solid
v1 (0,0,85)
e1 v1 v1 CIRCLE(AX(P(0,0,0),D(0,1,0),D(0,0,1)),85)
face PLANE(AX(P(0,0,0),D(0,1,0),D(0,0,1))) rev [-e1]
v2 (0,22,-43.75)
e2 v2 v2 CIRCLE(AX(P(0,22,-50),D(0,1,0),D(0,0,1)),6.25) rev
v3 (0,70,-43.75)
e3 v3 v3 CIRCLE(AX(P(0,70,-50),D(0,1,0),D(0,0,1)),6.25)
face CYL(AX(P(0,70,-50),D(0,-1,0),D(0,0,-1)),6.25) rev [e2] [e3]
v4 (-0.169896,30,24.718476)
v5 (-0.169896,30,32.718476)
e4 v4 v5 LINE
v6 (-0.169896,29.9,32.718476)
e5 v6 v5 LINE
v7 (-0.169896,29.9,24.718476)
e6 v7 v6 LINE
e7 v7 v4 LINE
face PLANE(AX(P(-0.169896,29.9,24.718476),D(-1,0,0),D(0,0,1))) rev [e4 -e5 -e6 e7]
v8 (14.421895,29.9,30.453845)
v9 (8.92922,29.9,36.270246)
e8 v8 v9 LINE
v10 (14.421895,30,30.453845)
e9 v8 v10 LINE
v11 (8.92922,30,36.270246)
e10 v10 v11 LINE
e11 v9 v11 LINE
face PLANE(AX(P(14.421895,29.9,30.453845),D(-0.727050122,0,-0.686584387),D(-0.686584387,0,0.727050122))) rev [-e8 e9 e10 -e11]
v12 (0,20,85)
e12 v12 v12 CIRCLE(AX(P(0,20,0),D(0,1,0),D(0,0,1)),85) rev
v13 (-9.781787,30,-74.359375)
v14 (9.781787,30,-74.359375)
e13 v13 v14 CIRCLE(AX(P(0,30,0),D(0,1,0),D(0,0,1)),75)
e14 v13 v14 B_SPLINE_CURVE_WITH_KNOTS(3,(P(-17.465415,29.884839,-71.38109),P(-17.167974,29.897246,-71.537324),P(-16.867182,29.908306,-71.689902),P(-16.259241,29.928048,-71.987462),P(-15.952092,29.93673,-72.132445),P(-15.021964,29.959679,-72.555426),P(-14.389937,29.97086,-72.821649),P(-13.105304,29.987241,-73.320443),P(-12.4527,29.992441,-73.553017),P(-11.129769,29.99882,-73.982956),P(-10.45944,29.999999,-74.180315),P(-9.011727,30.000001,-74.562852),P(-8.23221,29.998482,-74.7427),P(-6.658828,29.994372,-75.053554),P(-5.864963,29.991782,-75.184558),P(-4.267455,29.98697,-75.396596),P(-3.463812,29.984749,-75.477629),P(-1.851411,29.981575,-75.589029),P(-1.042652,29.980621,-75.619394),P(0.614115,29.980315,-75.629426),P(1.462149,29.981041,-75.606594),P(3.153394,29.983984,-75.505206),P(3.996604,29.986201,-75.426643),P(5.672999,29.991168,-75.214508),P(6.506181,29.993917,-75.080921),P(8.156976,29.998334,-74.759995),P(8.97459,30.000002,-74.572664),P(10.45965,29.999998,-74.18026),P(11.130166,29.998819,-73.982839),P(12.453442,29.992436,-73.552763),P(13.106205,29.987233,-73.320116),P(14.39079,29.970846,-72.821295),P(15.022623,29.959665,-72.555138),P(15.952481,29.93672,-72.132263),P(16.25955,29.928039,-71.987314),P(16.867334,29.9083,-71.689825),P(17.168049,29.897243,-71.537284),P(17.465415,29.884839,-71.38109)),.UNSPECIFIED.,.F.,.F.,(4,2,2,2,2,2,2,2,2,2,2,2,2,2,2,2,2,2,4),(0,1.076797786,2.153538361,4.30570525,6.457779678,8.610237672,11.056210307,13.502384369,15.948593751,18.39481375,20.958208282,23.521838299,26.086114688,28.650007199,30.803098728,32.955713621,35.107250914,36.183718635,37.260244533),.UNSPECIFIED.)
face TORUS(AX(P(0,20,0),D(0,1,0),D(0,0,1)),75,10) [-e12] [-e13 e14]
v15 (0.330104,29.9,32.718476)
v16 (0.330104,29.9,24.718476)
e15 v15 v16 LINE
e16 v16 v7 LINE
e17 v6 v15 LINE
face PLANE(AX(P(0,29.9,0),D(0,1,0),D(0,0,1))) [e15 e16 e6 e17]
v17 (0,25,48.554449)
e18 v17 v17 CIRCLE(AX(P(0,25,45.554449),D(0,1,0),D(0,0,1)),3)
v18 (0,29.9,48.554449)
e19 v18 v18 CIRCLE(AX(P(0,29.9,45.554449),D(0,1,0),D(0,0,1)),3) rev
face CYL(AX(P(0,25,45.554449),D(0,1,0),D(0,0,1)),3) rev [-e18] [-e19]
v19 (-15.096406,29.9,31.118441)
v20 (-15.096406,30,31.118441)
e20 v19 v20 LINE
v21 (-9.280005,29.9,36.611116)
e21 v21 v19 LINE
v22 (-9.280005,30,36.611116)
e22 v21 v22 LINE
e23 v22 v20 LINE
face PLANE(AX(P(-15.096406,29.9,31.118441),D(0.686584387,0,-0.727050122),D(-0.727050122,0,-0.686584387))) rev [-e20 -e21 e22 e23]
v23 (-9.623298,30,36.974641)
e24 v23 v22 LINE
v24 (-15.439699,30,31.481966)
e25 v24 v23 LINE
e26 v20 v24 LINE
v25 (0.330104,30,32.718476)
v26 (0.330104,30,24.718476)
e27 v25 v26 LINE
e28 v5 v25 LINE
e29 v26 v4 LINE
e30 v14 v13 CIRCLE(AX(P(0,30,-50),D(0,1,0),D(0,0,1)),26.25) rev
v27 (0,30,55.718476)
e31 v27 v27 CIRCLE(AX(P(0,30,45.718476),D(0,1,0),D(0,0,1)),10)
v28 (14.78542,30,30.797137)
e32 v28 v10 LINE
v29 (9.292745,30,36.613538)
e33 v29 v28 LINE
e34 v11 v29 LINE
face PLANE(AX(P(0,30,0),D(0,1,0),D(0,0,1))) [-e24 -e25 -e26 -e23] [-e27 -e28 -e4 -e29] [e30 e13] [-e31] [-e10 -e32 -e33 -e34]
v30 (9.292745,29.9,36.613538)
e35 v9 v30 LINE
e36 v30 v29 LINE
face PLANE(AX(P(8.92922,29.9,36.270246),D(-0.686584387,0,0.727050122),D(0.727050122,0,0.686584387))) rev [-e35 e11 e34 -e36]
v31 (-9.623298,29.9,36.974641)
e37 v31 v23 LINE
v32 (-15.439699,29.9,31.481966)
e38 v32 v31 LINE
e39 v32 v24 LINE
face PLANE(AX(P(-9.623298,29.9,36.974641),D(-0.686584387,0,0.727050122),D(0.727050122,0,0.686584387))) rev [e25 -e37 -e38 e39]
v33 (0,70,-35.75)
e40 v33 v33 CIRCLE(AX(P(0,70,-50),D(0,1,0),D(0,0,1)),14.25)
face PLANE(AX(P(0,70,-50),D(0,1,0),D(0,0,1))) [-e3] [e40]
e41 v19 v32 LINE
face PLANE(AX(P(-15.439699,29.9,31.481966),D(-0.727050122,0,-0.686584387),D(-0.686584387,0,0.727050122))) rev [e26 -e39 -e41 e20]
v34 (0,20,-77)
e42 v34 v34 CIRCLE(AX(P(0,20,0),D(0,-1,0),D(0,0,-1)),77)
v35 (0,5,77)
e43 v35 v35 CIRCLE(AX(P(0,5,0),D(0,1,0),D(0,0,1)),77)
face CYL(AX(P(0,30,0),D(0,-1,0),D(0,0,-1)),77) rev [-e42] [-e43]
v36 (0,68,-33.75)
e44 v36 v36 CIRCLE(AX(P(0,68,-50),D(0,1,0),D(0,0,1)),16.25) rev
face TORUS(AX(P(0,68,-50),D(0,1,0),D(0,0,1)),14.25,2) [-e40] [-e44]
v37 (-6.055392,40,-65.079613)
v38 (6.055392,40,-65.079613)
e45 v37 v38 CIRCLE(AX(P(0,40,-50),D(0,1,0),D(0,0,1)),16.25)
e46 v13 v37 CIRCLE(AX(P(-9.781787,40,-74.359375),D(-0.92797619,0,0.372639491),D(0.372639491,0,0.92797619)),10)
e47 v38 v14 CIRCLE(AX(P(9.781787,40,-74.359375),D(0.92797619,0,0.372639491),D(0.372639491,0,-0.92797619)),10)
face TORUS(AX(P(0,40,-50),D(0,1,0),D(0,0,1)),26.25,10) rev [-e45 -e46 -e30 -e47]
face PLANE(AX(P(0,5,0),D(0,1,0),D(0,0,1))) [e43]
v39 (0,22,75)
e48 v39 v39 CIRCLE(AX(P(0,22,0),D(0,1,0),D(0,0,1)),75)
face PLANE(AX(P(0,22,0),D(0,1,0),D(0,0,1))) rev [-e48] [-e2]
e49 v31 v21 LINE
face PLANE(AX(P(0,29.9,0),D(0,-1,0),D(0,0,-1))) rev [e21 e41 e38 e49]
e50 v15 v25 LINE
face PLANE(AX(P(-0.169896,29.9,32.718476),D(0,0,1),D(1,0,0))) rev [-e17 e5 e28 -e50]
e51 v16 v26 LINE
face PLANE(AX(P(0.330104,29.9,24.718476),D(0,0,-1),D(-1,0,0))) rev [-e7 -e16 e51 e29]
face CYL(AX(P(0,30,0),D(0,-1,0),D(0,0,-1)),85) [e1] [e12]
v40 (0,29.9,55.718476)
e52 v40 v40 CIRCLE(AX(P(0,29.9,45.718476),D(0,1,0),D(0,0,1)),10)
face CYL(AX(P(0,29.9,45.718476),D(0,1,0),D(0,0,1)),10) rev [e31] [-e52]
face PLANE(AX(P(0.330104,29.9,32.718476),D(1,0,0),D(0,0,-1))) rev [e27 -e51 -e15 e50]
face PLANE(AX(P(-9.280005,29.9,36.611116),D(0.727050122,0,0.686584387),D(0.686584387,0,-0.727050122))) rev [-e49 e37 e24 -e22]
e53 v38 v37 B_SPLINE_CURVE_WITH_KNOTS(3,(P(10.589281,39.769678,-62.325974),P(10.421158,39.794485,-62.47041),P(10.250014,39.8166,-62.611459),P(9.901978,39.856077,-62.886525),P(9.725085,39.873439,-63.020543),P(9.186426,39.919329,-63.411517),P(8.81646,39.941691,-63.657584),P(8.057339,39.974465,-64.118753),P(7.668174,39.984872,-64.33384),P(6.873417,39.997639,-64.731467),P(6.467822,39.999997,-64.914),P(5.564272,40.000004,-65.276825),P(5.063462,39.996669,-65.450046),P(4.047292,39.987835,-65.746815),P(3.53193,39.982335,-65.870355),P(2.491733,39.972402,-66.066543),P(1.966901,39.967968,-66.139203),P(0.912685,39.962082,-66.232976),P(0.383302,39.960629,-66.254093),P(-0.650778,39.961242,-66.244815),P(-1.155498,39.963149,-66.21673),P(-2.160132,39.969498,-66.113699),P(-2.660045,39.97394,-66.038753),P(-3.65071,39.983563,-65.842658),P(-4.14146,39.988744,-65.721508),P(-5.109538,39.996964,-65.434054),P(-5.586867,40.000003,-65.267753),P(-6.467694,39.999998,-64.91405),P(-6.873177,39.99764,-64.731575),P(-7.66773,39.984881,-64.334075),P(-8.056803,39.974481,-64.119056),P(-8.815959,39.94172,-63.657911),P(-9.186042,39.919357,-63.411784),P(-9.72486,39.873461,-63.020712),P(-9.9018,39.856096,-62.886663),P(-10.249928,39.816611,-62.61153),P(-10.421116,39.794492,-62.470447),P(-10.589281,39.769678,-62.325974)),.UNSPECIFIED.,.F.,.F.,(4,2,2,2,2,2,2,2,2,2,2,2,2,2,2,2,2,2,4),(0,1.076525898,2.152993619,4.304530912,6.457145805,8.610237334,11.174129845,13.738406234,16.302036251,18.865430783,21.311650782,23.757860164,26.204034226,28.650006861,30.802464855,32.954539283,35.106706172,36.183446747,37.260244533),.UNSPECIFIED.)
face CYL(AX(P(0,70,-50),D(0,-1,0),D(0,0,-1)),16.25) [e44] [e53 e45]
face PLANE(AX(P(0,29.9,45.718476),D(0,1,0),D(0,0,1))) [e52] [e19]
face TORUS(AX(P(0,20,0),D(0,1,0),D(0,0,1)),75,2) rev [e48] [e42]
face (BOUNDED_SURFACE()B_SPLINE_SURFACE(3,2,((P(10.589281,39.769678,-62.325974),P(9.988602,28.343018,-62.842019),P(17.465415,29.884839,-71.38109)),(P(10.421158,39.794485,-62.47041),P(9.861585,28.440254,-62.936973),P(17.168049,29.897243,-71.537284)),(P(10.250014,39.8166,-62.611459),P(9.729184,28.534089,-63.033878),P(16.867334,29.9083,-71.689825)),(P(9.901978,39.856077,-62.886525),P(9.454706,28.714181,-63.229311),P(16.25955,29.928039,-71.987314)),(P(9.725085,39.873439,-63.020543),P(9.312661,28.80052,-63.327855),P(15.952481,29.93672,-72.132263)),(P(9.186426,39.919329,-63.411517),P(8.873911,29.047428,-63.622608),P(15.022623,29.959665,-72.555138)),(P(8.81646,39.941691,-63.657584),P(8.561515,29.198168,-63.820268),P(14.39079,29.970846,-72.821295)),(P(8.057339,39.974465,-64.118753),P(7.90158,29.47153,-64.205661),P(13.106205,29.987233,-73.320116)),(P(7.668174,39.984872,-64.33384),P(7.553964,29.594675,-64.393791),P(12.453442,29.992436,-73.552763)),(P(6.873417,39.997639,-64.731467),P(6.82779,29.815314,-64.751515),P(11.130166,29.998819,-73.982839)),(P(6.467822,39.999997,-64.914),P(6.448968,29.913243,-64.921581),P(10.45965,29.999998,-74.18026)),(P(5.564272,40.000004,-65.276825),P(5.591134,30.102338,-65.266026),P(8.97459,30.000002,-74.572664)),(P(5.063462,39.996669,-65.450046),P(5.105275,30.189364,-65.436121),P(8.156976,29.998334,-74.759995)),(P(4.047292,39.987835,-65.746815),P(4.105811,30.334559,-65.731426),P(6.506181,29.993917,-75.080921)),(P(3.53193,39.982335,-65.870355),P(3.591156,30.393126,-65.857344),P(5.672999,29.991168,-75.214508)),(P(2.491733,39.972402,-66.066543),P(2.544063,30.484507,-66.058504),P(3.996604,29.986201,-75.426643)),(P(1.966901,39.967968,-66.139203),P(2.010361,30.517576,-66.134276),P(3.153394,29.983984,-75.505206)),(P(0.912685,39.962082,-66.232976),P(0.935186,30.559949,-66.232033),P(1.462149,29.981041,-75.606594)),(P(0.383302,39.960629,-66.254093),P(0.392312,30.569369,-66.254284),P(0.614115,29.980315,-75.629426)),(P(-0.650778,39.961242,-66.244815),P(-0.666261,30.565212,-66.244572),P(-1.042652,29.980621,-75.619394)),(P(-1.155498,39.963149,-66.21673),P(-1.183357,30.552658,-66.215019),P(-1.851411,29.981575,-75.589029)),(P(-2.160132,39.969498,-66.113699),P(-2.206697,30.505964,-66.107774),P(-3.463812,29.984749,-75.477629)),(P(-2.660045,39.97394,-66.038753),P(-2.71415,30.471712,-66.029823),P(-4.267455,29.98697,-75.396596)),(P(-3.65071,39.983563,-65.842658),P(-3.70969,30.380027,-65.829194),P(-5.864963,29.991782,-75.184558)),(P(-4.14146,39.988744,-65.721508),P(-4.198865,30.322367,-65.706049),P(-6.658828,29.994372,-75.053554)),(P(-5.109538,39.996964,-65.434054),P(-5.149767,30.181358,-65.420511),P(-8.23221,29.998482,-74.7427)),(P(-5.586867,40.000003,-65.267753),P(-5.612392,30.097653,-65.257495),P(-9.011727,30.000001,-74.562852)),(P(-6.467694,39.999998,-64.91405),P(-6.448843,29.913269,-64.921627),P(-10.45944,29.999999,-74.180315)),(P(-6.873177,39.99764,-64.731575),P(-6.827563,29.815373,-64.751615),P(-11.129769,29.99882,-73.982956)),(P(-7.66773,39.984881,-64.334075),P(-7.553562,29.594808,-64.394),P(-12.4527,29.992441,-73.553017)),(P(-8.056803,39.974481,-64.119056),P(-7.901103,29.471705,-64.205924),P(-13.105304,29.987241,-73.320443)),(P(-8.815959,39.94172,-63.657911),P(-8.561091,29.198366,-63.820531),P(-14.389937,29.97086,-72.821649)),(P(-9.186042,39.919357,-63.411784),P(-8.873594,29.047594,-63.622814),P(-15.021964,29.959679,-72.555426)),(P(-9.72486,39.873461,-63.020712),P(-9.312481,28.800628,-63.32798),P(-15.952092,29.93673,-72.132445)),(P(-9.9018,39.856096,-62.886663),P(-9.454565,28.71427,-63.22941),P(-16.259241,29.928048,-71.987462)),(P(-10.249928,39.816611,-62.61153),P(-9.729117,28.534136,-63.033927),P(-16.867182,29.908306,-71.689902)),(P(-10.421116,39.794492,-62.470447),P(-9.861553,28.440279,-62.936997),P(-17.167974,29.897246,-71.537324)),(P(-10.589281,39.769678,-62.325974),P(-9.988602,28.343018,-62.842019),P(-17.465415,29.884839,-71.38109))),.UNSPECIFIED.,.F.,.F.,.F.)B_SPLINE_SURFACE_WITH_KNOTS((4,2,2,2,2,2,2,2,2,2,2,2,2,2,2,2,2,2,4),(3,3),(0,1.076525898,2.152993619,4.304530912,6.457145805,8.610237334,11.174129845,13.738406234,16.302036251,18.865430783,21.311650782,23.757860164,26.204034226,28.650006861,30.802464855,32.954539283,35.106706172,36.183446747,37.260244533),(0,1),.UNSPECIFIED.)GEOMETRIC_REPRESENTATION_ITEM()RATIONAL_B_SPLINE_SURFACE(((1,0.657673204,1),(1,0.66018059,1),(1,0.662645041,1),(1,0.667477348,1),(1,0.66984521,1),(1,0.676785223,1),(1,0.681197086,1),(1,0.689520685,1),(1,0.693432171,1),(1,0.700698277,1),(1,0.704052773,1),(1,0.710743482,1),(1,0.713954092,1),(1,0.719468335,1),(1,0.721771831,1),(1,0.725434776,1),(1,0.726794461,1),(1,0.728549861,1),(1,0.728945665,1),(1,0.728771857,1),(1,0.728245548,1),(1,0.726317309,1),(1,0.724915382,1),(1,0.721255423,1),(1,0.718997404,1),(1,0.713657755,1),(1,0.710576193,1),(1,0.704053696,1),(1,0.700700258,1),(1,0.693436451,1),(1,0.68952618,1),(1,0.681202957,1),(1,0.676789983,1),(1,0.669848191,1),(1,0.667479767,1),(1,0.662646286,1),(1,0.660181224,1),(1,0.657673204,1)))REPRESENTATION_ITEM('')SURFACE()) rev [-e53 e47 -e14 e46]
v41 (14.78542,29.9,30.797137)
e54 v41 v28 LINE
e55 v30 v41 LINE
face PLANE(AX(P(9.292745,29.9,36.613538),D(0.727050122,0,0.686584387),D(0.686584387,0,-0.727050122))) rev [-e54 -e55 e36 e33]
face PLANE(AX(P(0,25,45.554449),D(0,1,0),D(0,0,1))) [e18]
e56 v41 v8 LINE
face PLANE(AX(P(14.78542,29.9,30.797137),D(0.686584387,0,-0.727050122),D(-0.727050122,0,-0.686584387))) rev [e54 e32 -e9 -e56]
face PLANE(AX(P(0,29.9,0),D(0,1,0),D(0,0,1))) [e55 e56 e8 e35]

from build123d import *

# Parameters (mm, degrees)
SKETCH1_R           = 85
BOSS_EXTRUDE1_DEPTH = 30
FILLET1_R           = 10
SHELL1_T            = -8
SKETCH1_2_R         = 85
BOSS_EXTRUDE3_DEPTH = 5
SKETCH2_R           = 16.25
SKETCH2_R_2         = 6.25
BOSS_EXTRUDE2_DEPTH = 40
CUT_EXTRUDE1_REACH  = 128.689
SKETCH2_3_R         = 6.25
FILLET2_R           = 10
FILLET3_R           = 2
SKETCH3_R           = 3
CUT_EXTRUDE2_DEPTH  = 5
SKETCH4_R           = 10
SKETCH4_W           = 0.5
SKETCH4_H           = 8
CUT_EXTRUDE3_DEPTH  = 0.1


with BuildPart() as part:
    # Sketch1 → Boss-Extrude1 (new body)
    with BuildSketch(Plane(origin=(0, 0, 0), x_dir=(1, 0, 0), z_dir=(0, 1, 0))):
        Circle(SKETCH1_R)
    extrude(amount=BOSS_EXTRUDE1_DEPTH)

    # Fillet1
    fillet1_edges = [part.edges().sort_by_distance(p)[0] for p in [
        (-85, 30, 0),
    ]]
    fillet(fillet1_edges, radius=FILLET1_R)

    # Shell1
    shell1_openings = [part.faces().sort_by_distance(p)[0] for p in [
        (0, 0, 0),
    ]]
    offset(amount=SHELL1_T, openings=shell1_openings, kind=Kind.INTERSECTION)

    # Sketch1<2> → Boss-Extrude3 (add)
    with BuildSketch(Plane(origin=(0, 0, 0), x_dir=(1, 0, 0), z_dir=(0, 1, 0))):
        Circle(SKETCH1_2_R)
    extrude(amount=BOSS_EXTRUDE3_DEPTH)

    # Sketch2 → Boss-Extrude2 (add)
    with BuildSketch(Plane(origin=(0, 30, 0), x_dir=(1, 0, 0), z_dir=(0, 1, 0))):
        with Locations((0, 50)):
            Circle(SKETCH2_R)
        with Locations((0, 50)):
            Circle(SKETCH2_R_2, mode=Mode.SUBTRACT)
    extrude(amount=BOSS_EXTRUDE2_DEPTH)

    # Sketch2<3> → Cut-Extrude1 (cut, up to next)
    with BuildSketch(Plane(origin=(0, 30, 0), x_dir=(1, 0, 0), z_dir=(0, 1, 0)), mode=Mode.PRIVATE) as cut_extrude1_sk1:
        with Locations((0, 50)):
            Circle(SKETCH2_3_R)
    cut_extrude1_tool1 = extrude(cut_extrude1_sk1.sketch, amount=-CUT_EXTRUDE1_REACH, mode=Mode.PRIVATE) & part.part
    add(cut_extrude1_tool1.solids().sort_by_distance((0, 30, -50))[0], mode=Mode.SUBTRACT)

    # Fillet2
    fillet2_edges = [part.edges().sort_by_distance(p)[0] for p in [
        (-16.25, 30, -50),
    ]]
    fillet(fillet2_edges, radius=FILLET2_R)

    # Fillet3
    fillet3_edges = [part.edges().sort_by_distance(p)[0] for p in [
        (-16.25, 70, -50),
    ]]
    fillet(fillet3_edges, radius=FILLET3_R)

    # Sketch3 → Cut-Extrude2 (cut)
    with BuildSketch(Plane(origin=(0, 30, 0), x_dir=(1, 0, 0), z_dir=(0, 1, 0))):
        with Locations((0, -45.554448546)):
            Circle(SKETCH3_R)
    extrude(amount=-CUT_EXTRUDE2_DEPTH, mode=Mode.SUBTRACT)

    # Sketch4 → Cut-Extrude3 (cut)
    with BuildSketch(Plane(origin=(0, 30, 0), x_dir=(1, 0, 0), z_dir=(0, 1, 0))):
        with Locations((0, -45.718475917)):
            Circle(SKETCH4_R)
        Polygon((8.929220054, -36.270245709), (9.292745114, -36.613537902), (14.78542021, -30.797136927), (14.421895149, -30.453844734), align=None)
        with Locations((0.080103939, -28.718475917)):
            Rectangle(SKETCH4_W, SKETCH4_H)
        Polygon((-9.280005487, -36.611116357), (-9.623297681, -36.974641418), (-15.439698655, -31.481966322), (-15.096406462, -31.118441261), align=None)
    extrude(amount=-CUT_EXTRUDE3_DEPTH, mode=Mode.SUBTRACT)


solid = part.part
